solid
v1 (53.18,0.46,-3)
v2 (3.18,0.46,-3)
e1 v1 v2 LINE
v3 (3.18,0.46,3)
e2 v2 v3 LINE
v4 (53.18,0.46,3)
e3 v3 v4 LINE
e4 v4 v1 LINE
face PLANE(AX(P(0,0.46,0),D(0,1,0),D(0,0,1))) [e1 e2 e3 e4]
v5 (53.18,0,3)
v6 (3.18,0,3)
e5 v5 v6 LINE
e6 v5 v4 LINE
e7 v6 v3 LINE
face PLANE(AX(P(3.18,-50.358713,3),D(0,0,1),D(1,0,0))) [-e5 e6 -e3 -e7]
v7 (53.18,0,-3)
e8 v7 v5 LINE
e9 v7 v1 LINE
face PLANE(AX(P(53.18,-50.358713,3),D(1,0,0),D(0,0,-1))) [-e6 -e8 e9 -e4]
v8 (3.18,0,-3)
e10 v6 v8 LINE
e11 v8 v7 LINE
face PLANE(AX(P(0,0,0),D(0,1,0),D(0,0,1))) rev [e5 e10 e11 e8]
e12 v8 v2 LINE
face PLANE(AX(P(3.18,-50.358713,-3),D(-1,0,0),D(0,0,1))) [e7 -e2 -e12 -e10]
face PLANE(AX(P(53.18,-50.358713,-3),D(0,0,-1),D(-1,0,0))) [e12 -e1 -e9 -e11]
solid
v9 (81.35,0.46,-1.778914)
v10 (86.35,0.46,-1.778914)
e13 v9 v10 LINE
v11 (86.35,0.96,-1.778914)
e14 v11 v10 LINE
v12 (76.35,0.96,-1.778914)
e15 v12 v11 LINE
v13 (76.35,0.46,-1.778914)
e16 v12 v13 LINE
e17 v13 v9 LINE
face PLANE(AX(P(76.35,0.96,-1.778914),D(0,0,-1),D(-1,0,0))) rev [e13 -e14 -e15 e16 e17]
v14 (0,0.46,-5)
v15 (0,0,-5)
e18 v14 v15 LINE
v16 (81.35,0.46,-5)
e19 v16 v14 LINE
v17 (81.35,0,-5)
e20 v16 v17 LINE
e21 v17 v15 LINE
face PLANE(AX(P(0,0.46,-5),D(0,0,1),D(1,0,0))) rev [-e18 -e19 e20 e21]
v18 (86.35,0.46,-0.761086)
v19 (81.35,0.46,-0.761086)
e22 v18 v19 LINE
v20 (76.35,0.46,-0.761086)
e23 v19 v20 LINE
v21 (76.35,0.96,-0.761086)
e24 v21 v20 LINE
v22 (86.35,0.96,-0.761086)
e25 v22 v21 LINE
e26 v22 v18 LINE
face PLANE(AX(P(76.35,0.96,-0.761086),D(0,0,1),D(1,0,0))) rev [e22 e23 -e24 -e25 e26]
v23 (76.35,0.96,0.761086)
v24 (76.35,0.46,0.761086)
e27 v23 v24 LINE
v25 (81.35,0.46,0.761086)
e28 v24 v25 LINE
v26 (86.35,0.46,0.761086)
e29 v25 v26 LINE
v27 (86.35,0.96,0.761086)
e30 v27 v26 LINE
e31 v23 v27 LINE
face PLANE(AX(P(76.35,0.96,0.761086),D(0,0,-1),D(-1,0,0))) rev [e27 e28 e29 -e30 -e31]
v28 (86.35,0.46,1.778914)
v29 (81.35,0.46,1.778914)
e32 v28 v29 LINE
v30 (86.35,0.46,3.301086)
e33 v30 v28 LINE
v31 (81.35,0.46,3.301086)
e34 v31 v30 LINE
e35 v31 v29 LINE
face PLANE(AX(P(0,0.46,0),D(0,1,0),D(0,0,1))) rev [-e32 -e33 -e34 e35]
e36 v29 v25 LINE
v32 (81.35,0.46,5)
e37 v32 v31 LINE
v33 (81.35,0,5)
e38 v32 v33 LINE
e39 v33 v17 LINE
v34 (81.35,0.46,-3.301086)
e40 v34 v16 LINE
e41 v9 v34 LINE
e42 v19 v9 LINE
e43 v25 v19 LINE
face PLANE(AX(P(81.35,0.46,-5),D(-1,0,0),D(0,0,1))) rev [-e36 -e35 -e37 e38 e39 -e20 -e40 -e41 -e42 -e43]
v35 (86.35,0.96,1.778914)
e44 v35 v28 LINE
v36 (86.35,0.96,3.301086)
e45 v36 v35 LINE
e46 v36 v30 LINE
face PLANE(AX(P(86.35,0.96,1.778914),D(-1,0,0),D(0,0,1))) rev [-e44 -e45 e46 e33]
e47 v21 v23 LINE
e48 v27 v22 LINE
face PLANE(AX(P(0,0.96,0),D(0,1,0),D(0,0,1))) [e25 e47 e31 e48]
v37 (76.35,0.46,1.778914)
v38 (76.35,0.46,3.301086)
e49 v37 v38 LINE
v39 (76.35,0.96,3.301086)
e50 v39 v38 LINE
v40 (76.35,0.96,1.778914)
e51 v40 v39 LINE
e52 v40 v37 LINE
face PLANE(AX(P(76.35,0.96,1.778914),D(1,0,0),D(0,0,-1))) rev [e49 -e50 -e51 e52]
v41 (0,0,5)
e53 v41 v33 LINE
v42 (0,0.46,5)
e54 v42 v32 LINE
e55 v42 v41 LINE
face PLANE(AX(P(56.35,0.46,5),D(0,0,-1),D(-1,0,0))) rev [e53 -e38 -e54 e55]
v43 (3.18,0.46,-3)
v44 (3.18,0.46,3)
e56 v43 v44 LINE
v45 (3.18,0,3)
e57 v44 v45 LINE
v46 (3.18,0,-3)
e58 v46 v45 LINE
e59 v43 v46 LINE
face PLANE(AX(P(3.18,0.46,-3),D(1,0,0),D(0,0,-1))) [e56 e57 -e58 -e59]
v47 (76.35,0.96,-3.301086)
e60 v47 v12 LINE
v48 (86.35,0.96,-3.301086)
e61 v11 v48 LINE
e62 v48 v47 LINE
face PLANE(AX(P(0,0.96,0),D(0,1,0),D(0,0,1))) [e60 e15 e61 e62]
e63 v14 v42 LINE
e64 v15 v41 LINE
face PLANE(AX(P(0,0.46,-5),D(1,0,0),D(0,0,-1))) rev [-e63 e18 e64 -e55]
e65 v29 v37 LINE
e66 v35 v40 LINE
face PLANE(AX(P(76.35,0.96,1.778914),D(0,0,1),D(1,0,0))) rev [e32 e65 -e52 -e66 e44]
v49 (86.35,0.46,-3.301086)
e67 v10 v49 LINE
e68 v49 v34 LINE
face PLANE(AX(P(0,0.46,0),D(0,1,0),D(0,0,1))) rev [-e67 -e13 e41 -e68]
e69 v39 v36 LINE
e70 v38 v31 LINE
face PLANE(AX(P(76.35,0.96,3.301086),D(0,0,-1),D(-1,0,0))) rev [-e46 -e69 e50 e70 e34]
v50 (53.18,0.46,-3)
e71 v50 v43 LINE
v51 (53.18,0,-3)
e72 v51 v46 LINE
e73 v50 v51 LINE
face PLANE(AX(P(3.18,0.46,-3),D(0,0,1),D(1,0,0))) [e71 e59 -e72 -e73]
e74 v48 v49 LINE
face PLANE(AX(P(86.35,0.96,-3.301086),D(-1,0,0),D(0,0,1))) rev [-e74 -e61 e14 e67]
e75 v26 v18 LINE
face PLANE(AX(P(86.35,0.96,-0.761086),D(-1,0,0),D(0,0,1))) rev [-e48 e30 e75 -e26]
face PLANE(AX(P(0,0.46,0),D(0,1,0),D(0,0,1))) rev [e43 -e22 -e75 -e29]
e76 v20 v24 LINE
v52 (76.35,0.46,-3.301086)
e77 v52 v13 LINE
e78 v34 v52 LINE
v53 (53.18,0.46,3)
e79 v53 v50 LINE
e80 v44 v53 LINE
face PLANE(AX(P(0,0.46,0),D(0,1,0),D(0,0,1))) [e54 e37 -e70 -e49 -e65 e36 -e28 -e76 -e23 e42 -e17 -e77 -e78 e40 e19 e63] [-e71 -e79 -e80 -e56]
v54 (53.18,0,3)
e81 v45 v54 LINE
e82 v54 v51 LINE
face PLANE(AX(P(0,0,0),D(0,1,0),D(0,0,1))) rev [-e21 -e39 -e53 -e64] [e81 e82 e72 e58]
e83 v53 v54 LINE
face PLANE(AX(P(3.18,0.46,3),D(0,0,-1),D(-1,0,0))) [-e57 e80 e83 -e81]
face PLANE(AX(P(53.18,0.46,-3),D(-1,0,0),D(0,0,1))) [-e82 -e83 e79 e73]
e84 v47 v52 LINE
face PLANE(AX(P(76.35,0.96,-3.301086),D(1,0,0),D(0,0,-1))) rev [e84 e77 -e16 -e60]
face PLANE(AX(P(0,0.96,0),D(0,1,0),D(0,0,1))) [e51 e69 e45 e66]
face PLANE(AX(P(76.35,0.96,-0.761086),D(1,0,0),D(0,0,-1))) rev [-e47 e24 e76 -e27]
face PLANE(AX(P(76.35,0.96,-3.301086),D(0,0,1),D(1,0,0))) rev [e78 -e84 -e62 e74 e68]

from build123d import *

# Parameters (mm, degrees)
SKETCH1_W           = 50
SKETCH1_H           = 6
BOSS_EXTRUDE1_DEPTH = 0.46
SKETCH2_W           = 50
SKETCH2_H           = 6
BOSS_EXTRUDE2_DEPTH = 0.46
SKETCH3_W           = 10
SKETCH3_H           = 1.52217223
BOSS_EXTRUDE3_DEPTH = 0.5


with BuildPart() as part:
    # Sketch1 → Boss-Extrude1 (new body)
    with BuildSketch(Plane(origin=(0, 0, 0), x_dir=(1, 0, 0), z_dir=(0, 1, 0))):
        Polygon((0, 5), (56.35, 5), (81.35, 5), (81.35, -5), (56.35, -5), (0, -5), align=None)
        with Locations((28.18, 0)):
            Rectangle(SKETCH1_W, SKETCH1_H, mode=Mode.SUBTRACT)
    extrude(amount=BOSS_EXTRUDE1_DEPTH)

    # Sketch3 → Boss-Extrude3 (add)
    with BuildSketch(Plane(origin=(0, 0.46, 0), x_dir=(1, 0, 0), z_dir=(0, 1, 0))):
        with Locations((81.35, 2.54)):
            Rectangle(SKETCH3_W, SKETCH3_H)
        with Locations((81.35, 0)):
            Rectangle(SKETCH3_W, SKETCH3_H)
        with Locations((81.35, -2.54)):
            Rectangle(SKETCH3_W, SKETCH3_H)
    extrude(amount=BOSS_EXTRUDE3_DEPTH)


with BuildPart() as body_2:
    # Sketch2 → Boss-Extrude2 (new body)
    with BuildSketch(Plane(origin=(0, 0.46, 0), x_dir=(1, 0, 0), z_dir=(0, 1, 0))):
        with Locations((28.18, 0)):
            Rectangle(SKETCH2_W, SKETCH2_H)
    extrude(amount=-BOSS_EXTRUDE2_DEPTH)


solid = Compound([part.part, body_2.part])
